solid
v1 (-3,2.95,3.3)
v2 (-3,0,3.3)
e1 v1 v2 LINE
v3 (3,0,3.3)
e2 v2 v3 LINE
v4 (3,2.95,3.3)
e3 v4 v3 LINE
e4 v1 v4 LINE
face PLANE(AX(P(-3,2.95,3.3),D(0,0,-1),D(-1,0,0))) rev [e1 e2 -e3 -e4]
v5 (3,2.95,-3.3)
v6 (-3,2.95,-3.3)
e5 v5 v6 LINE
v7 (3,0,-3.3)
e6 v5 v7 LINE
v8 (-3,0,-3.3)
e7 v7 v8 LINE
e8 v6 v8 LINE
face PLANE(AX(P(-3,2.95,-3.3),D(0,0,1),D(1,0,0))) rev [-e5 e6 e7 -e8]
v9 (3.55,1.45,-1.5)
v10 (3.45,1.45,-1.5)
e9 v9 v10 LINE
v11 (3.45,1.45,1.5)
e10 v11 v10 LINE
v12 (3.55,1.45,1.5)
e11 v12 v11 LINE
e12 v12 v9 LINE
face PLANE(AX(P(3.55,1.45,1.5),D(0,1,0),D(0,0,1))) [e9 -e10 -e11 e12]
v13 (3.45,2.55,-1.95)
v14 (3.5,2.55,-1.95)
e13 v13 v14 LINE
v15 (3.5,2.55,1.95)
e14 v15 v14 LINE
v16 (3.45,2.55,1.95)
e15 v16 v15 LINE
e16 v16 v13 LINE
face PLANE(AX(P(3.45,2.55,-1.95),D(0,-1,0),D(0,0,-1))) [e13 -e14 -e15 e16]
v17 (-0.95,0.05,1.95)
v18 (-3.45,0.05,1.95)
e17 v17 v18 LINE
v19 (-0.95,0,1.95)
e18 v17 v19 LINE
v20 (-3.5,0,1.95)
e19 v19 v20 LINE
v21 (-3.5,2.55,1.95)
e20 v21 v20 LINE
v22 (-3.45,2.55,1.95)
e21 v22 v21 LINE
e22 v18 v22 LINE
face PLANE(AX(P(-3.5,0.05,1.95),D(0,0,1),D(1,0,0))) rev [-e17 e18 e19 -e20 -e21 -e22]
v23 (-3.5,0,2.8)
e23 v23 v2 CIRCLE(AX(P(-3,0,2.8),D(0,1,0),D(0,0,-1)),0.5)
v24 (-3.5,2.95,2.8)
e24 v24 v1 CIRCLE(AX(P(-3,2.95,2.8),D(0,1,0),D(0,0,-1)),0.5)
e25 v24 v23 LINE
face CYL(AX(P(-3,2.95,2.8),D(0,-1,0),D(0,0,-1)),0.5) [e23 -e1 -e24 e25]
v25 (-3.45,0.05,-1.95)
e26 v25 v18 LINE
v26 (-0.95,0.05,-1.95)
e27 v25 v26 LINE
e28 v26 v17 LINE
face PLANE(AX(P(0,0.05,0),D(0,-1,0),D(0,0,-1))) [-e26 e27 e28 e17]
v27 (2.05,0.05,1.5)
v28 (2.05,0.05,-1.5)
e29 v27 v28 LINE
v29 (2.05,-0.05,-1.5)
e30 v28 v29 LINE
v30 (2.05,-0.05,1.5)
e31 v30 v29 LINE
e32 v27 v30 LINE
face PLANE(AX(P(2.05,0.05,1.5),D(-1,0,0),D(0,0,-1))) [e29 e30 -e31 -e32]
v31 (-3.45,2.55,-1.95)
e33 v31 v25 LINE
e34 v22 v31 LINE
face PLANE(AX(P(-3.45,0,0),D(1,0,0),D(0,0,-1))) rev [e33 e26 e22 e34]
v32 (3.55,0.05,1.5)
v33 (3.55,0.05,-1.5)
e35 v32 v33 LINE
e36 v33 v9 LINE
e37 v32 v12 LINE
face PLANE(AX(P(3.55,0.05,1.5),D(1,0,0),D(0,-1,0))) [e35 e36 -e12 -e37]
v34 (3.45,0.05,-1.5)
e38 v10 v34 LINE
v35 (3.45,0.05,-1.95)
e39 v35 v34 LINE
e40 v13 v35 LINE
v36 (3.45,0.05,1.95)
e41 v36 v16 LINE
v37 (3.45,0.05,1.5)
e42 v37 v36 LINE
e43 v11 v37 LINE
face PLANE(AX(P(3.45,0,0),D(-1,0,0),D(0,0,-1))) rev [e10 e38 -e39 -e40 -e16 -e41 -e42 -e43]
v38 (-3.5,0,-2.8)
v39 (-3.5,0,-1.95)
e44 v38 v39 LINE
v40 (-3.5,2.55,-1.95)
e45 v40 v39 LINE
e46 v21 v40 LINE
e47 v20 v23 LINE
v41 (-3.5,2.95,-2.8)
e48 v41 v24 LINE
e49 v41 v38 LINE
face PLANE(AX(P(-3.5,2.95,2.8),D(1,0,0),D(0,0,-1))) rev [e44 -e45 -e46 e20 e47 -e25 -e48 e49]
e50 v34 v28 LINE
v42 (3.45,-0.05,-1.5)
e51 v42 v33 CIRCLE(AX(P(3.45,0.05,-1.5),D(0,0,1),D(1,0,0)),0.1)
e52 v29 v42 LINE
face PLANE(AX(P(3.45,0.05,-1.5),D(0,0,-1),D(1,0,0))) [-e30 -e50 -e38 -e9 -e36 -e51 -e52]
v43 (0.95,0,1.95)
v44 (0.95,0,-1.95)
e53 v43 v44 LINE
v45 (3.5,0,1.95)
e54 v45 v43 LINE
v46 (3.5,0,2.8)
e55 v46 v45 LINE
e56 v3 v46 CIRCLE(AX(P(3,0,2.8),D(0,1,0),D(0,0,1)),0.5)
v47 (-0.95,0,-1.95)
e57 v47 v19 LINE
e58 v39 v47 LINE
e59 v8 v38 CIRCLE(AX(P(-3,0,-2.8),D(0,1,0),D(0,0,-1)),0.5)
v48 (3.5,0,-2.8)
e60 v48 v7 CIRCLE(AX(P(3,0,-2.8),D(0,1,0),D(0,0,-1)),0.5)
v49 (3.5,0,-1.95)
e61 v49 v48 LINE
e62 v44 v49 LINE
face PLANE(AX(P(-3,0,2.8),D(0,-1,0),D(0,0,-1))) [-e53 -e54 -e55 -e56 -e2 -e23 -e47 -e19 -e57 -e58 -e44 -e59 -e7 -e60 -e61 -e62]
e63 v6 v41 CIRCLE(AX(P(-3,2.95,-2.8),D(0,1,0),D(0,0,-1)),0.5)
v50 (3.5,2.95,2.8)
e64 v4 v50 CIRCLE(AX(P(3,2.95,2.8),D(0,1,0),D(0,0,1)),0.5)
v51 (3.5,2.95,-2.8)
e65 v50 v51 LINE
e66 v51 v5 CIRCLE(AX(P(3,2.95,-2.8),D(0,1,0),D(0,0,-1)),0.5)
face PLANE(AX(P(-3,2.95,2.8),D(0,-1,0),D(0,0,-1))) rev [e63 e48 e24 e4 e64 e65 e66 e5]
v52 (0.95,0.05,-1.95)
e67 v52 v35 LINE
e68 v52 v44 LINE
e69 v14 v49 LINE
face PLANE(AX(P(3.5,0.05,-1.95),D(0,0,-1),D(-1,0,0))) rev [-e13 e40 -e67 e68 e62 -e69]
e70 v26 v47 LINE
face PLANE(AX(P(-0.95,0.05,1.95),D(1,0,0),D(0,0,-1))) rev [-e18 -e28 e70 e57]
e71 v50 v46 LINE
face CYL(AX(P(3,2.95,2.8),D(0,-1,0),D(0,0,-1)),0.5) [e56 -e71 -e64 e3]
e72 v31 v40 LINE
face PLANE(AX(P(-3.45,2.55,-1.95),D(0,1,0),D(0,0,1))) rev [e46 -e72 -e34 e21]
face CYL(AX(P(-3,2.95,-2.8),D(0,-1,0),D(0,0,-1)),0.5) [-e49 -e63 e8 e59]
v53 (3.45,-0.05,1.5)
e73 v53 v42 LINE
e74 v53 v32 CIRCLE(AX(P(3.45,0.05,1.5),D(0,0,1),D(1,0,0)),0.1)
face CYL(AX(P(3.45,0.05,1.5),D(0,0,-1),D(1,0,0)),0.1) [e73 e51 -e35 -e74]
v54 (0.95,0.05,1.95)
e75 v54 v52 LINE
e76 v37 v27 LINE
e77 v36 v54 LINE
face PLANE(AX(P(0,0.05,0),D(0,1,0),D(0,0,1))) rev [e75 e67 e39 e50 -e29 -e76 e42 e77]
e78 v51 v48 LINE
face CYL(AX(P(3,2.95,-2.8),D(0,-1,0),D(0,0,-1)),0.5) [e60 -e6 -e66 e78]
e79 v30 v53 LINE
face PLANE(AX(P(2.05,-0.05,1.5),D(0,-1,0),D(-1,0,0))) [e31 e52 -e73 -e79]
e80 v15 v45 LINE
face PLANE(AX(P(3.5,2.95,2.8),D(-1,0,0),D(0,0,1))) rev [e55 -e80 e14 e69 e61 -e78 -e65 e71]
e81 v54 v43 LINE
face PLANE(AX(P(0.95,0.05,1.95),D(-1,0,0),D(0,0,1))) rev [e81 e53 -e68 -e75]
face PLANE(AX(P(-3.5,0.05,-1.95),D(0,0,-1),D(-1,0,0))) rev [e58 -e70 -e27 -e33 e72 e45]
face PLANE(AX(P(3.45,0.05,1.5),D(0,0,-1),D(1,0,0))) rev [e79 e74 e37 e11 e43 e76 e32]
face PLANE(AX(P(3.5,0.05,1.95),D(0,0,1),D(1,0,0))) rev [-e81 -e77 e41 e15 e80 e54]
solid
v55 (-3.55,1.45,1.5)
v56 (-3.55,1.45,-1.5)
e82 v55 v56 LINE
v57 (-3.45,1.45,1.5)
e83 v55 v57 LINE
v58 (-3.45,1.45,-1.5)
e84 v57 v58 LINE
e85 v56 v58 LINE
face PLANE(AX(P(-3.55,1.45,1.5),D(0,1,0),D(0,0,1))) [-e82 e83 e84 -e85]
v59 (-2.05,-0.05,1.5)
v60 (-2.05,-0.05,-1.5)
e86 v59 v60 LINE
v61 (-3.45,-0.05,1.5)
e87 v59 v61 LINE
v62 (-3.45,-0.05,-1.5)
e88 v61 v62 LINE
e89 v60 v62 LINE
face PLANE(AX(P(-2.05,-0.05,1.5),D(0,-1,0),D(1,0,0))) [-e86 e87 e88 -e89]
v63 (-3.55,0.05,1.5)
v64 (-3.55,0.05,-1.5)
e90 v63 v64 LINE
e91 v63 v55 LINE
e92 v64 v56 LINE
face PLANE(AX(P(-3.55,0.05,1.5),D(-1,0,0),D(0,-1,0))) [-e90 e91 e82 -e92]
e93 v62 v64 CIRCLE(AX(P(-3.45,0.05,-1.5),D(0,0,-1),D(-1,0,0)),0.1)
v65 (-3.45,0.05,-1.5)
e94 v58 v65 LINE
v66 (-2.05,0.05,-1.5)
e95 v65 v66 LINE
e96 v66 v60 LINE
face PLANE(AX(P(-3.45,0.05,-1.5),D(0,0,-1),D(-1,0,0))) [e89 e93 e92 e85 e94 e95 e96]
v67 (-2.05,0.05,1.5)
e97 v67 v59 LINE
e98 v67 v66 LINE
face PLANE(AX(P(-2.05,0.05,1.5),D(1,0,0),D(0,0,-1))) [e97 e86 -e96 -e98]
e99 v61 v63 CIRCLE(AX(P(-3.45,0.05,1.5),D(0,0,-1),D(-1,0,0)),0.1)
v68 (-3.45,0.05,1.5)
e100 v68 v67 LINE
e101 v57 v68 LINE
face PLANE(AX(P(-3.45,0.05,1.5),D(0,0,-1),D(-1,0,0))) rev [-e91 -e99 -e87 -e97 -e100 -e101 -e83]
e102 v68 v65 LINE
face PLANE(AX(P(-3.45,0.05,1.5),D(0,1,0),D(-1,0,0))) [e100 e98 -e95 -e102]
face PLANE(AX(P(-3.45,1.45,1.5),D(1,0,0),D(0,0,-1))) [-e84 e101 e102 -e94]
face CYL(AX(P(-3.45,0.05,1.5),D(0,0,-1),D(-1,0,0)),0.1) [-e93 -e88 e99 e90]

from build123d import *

# Parameters (mm, degrees)
EXTRUDE_1_DEPTH     = 2.95
SKETCH_2_W          = 2.55
SKETCH_2_H          = 3.9
CUT_EXTRUDE_1_DEPTH = 0.05
SKETCH_6_W          = 3.9
SKETCH_6_H          = 2.55
CUT_EXTRUDE_3_DEPTH = 0.05
EXTRUDE_3_DEPTH     = 3


with BuildPart() as part:
    # 草图1 → 凸台-拉伸1 (new body)
    with BuildSketch(Plane(origin=(0, 0, 0), x_dir=(1, 0, 0), z_dir=(0, 1, 0))):
        with BuildLine():
            Line((-3, -3.3), (3, -3.3))
            ThreePointArc((3, -3.3), (3.353553391, -3.153553391), (3.5, -2.8))
            Line((3.5, -2.8), (3.5, 2.8))
            ThreePointArc((3.5, 2.8), (3.353553391, 3.153553391), (3, 3.3))
            Line((3, 3.3), (-3, 3.3))
            ThreePointArc((-3, 3.3), (-3.353553391, 3.153553391), (-3.5, 2.8))
            Line((-3.5, 2.8), (-3.5, -2.8))
            ThreePointArc((-3.5, -2.8), (-3.353553391, -3.153553391), (-3, -3.3))
        make_face()
    extrude(amount=EXTRUDE_1_DEPTH)

    # 草图2 → 切除-拉伸1 (cut)
    with BuildSketch(Plane.XZ):
        with Locations((-2.225, 0)):
            Rectangle(SKETCH_2_W, SKETCH_2_H)
        with Locations((2.225, 0)):
            Rectangle(SKETCH_2_W, SKETCH_2_H)
    extrude(amount=-CUT_EXTRUDE_1_DEPTH, mode=Mode.SUBTRACT)

    # 草图6 → 切除-拉伸3 (cut)
    with BuildSketch(Plane.ZY.offset(3.5)):
        with Locations((0, 1.275)):
            Rectangle(SKETCH_6_W, SKETCH_6_H)
    cut_extrude_3 = extrude(amount=-CUT_EXTRUDE_3_DEPTH, mode=Mode.SUBTRACT)

    # 镜向3: 切除-拉伸3 across plane
    add(cut_extrude_3.mirror(Plane.ZY), mode=Mode.SUBTRACT)


with BuildPart() as body_2:
    # 草图8 → 凸台-拉伸3 (new body)
    with BuildSketch(Plane(origin=(0, 0, -1.5), x_dir=(-1, 0, 0), z_dir=(0, 0, -1))):
        with BuildLine():
            Line((2.05, 0.05), (2.05, -0.05))
            Line((2.05, -0.05), (3.45, -0.05))
            ThreePointArc((3.45, -0.05), (3.520710678, -0.020710678), (3.55, 0.05))
            Line((3.55, 0.05), (3.55, 1.45))
            Line((3.55, 1.45), (3.45, 1.45))
            Line((3.45, 1.45), (3.45, 0.05))
            Line((3.45, 0.05), (2.05, 0.05))
        make_face()
    extrude_3 = extrude(amount=-EXTRUDE_3_DEPTH)


with BuildPart() as part_1:
    add(part.part)

    # 镜向4: 凸台-拉伸3 across plane
    add(extrude_3.mirror(Plane.ZY))


solid = Compound([body_2.part, part_1.part])
